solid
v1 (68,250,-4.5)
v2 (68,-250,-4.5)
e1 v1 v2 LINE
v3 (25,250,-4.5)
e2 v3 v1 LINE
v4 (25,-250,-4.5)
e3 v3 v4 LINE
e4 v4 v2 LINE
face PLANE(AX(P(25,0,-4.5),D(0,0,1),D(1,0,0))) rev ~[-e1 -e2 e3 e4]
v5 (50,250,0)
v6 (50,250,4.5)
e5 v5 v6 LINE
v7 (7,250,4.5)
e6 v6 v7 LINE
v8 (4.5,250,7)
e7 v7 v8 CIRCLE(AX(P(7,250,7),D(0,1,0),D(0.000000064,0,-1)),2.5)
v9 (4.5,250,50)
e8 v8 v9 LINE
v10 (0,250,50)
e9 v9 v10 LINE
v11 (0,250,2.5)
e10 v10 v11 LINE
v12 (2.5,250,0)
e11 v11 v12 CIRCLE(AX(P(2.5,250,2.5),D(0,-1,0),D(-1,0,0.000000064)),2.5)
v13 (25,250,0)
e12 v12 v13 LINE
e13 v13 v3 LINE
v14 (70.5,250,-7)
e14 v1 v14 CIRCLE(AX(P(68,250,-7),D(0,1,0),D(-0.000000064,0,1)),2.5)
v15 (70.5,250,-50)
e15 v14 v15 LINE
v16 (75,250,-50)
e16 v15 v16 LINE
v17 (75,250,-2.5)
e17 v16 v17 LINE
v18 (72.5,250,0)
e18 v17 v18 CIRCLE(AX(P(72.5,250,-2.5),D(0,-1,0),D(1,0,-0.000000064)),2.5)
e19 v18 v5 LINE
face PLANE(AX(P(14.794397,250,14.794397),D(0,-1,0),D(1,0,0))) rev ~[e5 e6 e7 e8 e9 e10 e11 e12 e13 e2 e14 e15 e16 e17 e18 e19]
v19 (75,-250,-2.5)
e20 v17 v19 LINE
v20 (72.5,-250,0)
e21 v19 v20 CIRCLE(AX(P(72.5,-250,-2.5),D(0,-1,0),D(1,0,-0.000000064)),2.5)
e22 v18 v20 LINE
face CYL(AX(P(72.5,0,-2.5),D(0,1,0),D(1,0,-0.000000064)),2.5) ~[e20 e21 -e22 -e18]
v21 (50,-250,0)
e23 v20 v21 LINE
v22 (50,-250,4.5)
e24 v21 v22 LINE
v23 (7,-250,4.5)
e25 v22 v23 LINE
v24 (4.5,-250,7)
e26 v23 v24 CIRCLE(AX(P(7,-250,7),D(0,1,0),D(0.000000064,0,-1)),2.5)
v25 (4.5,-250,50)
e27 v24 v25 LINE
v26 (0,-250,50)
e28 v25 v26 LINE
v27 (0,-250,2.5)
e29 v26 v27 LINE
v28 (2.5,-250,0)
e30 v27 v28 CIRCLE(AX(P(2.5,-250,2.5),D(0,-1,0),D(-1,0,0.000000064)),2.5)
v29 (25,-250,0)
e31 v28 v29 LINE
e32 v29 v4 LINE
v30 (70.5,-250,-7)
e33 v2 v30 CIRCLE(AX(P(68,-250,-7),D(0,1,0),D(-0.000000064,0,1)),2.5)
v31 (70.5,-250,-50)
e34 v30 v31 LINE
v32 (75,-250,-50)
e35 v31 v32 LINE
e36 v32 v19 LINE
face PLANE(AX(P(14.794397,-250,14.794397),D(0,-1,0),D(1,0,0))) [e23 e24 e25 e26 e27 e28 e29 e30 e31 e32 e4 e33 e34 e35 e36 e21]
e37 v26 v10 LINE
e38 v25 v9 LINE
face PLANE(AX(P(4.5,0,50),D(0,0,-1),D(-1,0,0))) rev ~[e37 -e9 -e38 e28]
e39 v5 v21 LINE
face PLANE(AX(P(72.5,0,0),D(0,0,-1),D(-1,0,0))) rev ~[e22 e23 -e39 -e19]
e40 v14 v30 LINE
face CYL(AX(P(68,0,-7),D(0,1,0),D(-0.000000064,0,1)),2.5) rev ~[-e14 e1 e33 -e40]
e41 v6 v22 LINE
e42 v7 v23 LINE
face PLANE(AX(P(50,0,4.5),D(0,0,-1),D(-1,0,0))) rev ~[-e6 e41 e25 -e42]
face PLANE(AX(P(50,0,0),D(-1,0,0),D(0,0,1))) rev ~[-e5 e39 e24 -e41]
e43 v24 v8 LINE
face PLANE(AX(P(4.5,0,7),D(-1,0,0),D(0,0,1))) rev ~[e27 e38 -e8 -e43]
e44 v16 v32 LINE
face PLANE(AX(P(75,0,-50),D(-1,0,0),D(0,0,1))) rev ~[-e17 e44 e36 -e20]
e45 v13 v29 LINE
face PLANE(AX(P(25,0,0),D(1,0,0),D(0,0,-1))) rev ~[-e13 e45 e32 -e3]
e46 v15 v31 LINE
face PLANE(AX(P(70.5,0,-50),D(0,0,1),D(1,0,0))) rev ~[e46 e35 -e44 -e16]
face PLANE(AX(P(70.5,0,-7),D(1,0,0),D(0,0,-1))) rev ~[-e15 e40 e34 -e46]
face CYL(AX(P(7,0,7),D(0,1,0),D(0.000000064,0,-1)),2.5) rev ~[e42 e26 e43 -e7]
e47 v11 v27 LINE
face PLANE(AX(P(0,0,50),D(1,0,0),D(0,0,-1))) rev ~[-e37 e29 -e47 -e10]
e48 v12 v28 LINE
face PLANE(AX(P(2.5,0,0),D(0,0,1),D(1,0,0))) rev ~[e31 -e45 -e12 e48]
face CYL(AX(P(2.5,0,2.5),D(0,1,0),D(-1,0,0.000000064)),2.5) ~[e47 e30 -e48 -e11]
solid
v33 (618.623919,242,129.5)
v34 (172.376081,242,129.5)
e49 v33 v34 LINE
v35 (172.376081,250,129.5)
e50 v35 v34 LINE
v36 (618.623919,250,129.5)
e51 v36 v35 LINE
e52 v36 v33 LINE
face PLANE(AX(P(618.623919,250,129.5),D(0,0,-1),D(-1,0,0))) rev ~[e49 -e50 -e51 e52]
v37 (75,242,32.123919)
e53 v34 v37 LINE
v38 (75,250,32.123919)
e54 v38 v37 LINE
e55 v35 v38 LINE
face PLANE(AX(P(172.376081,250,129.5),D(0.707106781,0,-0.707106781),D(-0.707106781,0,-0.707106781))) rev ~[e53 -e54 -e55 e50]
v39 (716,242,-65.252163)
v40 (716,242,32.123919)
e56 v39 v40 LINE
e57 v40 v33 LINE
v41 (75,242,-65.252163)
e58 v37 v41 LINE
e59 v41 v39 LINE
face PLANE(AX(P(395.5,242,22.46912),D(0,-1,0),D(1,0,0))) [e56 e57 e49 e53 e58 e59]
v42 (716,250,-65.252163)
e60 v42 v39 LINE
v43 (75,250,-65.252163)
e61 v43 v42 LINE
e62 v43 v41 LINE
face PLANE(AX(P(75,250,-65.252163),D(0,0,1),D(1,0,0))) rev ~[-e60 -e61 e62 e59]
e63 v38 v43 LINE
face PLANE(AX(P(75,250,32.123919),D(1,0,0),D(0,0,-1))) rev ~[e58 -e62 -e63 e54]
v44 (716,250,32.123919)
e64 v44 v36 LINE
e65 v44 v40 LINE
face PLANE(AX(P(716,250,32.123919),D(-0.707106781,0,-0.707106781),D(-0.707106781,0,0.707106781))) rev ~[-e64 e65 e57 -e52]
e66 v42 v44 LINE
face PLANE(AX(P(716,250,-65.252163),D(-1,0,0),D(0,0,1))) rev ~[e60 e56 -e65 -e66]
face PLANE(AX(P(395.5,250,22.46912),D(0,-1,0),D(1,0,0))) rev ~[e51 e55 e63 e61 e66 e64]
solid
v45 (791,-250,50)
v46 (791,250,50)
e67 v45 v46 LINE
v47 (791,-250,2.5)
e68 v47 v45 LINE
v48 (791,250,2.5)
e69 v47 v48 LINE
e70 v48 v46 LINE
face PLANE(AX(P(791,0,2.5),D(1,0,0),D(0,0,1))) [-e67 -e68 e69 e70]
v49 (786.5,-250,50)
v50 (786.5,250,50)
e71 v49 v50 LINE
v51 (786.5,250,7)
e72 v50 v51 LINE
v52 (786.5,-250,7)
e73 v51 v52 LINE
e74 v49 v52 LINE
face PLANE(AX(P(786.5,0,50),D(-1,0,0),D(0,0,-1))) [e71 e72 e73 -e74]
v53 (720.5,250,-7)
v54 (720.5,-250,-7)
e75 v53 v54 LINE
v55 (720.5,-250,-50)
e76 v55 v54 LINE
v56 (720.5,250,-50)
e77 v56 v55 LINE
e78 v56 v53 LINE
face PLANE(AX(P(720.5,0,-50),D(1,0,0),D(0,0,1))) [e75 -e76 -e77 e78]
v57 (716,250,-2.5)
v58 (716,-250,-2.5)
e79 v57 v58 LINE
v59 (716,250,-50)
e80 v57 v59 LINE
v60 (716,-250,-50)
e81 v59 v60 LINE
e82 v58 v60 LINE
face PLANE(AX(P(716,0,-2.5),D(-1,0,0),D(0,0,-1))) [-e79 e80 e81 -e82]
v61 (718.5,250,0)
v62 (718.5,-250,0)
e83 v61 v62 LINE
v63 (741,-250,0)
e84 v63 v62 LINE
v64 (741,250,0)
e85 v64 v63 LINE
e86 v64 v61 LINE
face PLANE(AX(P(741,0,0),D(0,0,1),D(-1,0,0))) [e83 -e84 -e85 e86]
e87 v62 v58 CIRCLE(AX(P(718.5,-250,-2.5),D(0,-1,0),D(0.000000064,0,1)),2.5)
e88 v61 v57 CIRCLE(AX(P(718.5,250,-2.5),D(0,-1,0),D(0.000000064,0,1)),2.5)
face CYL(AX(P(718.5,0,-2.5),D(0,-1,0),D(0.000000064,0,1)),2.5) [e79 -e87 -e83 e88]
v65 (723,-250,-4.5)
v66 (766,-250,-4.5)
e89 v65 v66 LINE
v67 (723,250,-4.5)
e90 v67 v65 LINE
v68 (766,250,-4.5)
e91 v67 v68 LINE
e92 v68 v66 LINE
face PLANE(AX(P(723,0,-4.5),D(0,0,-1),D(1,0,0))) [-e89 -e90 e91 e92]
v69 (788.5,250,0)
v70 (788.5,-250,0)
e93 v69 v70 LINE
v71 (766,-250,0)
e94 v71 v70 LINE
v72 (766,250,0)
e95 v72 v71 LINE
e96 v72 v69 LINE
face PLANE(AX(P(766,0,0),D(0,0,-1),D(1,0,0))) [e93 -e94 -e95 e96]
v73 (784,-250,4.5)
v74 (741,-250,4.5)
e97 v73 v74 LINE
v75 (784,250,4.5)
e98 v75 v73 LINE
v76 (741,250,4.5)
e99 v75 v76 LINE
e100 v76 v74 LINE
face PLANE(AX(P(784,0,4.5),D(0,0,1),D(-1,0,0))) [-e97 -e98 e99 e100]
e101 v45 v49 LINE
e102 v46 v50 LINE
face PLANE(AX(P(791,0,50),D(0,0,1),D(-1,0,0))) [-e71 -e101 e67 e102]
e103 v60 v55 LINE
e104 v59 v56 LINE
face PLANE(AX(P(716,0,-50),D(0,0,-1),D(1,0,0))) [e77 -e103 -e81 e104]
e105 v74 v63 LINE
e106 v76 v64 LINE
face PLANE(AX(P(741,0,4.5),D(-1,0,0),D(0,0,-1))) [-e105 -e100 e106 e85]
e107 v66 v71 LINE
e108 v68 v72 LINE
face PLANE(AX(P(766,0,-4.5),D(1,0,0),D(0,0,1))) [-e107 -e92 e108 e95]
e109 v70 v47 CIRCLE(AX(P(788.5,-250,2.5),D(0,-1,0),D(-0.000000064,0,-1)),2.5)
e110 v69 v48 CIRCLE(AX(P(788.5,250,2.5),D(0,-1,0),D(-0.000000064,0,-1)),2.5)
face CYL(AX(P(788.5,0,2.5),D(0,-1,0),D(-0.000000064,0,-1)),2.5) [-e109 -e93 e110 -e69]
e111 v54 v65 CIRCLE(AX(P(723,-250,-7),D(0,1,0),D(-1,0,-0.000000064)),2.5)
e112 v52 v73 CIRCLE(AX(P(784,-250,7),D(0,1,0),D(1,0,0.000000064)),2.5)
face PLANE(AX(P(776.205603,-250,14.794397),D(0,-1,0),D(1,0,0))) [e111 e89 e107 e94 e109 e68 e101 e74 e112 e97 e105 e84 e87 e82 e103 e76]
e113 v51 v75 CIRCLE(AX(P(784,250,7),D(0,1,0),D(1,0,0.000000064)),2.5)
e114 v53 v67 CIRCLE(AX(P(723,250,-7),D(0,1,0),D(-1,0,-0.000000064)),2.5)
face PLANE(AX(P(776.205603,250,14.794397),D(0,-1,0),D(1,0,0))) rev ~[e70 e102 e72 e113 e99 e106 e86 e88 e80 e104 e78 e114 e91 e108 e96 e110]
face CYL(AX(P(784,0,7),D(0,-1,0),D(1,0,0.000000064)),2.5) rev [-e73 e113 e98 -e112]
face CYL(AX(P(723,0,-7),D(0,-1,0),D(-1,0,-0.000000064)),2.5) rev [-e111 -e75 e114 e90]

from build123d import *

# Parameters (mm, degrees)
F1_DEPTH = 250
F4_DEPTH = 8


with BuildPart() as f1:
    # F0 (on Front) → F1 (new body, symmetric)
    with BuildSketch(Plane.XZ):
        with BuildLine():
            Line((0, 50), (0, 2.5))
            ThreePointArc((0, 2.5), (0.732233, 0.732233), (2.5, 0))
            Line((2.5, 0), (25, 0))
            Line((25, 0), (50, 0))
            Line((50, 0), (50, 4.5))
            Line((50, 4.5), (7, 4.5))
            ThreePointArc((7, 4.5), (5.232233, 5.232233), (4.5, 7))
            Line((4.5, 7), (4.5, 50))
            Line((4.5, 50), (0, 50))
        make_face()
        with BuildLine():
            Line((50, 0), (25, 0))
            Line((25, 0), (25, -4.5))
            Line((25, -4.5), (68, -4.5))
            ThreePointArc((68, -4.5), (69.767767, -5.232233), (70.5, -7))
            Line((70.5, -7), (70.5, -50))
            Line((70.5, -50), (75, -50))
            Line((75, -50), (75, -2.5))
            ThreePointArc((75, -2.5), (74.267767, -0.732233), (72.5, 0))
            Line((72.5, 0), (50, 0))
        make_face()
        with BuildLine():
            Line((786.5, 50), (786.5, 7))
            ThreePointArc((786.5, 7), (785.767767, 5.232233), (784, 4.5))
            Line((784, 4.5), (741, 4.5))
            Line((741, 4.5), (741, 0))
            Line((741, 0), (766, 0))
            Line((766, 0), (788.5, 0))
            ThreePointArc((788.5, 0), (790.267767, 0.732233), (791, 2.5))
            Line((791, 2.5), (791, 50))
            Line((791, 50), (786.5, 50))
        make_face()
        with BuildLine():
            Line((766, 0), (741, 0))
            Line((741, 0), (718.5, 0))
            ThreePointArc((718.5, 0), (716.732233, -0.732233), (716, -2.5))
            Line((716, -2.5), (716, -50))
            Line((716, -50), (720.5, -50))
            Line((720.5, -50), (720.5, -7))
            ThreePointArc((720.5, -7), (721.232233, -5.232233), (723, -4.5))
            Line((723, -4.5), (766, -4.5))
            Line((766, -4.5), (766, 0))
        make_face()
    extrude(amount=F1_DEPTH, both=True)


with BuildPart() as f4:
    # F3 (on offset) → F4 (new body)
    with BuildSketch(Plane.XZ.offset(-250)):
        Polygon((75, 32.123919), (75, -65.252163), (716, -65.252163), (716, 32.123919), (618.623919, 129.5), (172.376081, 129.5), align=None)
    extrude(amount=F4_DEPTH)


solid = Compound([f1.part, f4.part])
